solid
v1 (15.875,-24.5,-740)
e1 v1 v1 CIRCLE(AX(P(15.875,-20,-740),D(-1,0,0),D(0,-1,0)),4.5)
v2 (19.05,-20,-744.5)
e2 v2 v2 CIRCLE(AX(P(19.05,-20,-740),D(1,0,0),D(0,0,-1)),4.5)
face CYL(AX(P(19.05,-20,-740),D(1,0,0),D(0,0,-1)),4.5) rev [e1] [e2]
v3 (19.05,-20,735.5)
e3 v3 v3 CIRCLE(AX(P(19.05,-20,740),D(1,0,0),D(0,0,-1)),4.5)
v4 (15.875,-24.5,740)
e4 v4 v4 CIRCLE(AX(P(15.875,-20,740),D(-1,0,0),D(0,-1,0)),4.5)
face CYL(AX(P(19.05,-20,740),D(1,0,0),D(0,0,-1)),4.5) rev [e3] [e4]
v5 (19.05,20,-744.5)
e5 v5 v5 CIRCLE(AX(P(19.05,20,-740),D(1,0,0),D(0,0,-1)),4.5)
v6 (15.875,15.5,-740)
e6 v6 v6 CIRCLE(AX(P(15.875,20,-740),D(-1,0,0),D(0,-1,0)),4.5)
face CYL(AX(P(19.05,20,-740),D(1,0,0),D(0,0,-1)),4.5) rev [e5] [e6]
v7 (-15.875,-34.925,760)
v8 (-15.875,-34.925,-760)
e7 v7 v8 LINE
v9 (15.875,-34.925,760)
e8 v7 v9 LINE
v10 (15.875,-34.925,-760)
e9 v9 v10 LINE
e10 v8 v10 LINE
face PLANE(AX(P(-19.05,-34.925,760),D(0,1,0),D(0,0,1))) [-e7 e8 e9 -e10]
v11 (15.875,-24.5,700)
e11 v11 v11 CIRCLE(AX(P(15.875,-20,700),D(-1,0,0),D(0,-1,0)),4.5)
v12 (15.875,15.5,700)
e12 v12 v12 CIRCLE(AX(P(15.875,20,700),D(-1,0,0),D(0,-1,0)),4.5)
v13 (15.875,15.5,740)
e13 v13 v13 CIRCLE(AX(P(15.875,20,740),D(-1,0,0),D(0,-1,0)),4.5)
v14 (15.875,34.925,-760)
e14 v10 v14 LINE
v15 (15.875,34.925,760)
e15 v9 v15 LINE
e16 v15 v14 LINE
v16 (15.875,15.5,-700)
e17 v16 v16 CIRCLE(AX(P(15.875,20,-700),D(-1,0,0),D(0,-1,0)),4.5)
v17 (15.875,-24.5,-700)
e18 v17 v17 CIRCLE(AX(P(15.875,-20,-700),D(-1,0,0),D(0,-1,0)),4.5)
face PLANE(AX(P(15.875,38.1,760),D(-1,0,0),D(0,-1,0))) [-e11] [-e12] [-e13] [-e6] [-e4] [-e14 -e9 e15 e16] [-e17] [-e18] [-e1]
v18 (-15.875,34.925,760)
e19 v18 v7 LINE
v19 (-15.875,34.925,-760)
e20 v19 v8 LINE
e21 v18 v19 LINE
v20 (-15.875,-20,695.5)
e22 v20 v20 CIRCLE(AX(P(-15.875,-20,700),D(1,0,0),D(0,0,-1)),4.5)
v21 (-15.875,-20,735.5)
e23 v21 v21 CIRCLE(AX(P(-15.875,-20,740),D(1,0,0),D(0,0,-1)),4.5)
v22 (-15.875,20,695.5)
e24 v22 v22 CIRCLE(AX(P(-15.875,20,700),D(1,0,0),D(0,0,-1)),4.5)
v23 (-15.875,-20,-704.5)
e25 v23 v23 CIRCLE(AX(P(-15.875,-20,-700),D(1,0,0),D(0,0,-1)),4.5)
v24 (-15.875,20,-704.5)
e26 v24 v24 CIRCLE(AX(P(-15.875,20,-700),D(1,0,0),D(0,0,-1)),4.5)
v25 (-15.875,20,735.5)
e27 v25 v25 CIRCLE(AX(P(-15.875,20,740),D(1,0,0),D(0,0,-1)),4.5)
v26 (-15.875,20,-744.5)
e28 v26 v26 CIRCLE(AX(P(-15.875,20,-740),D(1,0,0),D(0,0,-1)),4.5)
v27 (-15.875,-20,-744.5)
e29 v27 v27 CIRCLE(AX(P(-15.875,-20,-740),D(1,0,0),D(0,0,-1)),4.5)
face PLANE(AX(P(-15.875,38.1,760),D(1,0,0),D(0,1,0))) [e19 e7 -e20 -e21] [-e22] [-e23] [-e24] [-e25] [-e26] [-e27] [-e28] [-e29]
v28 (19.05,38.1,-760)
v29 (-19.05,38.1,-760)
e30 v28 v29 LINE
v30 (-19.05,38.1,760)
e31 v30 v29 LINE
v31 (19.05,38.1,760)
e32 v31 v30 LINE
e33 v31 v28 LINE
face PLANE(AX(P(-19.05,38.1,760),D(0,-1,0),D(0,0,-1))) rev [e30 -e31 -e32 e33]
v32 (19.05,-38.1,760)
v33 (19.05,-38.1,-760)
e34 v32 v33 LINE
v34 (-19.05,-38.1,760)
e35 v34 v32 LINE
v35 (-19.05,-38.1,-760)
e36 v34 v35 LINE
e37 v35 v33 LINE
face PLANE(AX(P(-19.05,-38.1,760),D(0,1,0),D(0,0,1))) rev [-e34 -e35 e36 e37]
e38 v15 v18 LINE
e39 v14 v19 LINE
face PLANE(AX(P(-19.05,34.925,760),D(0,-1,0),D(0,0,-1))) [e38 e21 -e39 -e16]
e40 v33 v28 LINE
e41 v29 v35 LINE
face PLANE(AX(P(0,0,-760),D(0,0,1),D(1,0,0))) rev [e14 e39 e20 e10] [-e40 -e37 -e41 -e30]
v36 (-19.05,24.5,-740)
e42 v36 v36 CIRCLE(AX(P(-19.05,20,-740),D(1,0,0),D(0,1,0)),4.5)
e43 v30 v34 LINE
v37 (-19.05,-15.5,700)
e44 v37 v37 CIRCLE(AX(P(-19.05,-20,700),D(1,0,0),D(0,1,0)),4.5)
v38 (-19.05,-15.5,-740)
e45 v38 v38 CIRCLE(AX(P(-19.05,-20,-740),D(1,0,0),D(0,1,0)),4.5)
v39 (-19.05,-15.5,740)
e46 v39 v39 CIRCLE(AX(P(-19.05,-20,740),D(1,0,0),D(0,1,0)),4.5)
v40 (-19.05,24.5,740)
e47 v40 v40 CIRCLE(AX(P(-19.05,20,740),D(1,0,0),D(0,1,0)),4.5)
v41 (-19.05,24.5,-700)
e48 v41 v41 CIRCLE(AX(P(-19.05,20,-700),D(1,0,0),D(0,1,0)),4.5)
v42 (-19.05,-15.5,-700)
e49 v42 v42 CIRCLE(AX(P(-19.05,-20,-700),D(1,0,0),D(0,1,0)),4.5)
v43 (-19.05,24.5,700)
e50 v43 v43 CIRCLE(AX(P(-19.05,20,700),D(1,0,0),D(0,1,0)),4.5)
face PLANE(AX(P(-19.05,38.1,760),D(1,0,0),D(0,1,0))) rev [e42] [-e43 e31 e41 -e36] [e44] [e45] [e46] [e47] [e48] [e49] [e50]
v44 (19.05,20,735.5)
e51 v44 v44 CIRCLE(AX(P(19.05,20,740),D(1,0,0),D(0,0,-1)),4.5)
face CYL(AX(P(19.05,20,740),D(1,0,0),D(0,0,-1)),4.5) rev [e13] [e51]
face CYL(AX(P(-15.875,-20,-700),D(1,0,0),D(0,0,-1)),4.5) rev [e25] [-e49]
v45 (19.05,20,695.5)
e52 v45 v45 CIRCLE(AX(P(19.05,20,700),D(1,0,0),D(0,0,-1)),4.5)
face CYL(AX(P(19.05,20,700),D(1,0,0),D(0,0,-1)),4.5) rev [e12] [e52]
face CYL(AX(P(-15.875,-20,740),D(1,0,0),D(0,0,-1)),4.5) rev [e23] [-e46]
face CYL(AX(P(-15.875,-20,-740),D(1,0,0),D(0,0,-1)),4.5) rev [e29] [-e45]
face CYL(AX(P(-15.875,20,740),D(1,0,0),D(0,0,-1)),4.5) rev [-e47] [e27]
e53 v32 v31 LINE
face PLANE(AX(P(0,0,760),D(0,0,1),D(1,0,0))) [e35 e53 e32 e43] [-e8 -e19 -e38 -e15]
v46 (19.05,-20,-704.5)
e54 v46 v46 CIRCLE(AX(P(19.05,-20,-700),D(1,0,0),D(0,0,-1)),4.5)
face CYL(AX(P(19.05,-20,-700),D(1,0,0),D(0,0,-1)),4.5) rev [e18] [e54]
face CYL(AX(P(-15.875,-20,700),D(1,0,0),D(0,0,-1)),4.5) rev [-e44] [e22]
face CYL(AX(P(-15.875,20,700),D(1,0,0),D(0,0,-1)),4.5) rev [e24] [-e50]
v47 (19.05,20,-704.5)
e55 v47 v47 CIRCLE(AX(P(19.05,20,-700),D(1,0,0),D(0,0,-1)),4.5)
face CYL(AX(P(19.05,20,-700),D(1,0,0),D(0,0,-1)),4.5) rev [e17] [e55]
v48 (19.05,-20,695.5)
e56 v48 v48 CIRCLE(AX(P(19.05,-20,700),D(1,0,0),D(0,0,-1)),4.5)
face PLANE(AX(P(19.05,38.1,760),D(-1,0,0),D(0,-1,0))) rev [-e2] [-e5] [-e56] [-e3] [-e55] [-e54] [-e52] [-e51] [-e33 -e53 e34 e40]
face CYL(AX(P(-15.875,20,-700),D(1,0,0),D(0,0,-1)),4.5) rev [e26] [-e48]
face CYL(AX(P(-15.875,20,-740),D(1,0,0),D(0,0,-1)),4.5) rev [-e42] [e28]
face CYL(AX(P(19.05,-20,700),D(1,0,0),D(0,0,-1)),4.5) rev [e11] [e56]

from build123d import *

# Parameters (mm, degrees)
SKETCH1_W                = 38.1
SKETCH1_H                = 76.2
SKETCH1_W_2              = 31.75
SKETCH1_H_2              = 69.85
EXTRUDE_THIN1_DEPTH      = 760
M8_CLEARANCE_HOLE2_D     = 9
M8_CLEARANCE_HOLE2_DEPTH = 3.175
M8_CLEARANCE_HOLE1_D     = 9


with BuildPart() as part:
    # Sketch1 → Extrude-Thin1 (new, symmetric)
    with BuildSketch(Plane.XY):
        Rectangle(SKETCH1_W, SKETCH1_H)
        Rectangle(SKETCH1_W_2, SKETCH1_H_2, mode=Mode.SUBTRACT)
    extrude(amount=EXTRUDE_THIN1_DEPTH, both=True)

    # M8 Clearance Hole2
    with Locations(Plane(origin=(19.05, 0, 0), x_dir=(0, 0, -1), z_dir=(1, 0, 0))):
        with Locations((-740, 20), (-740, -20), (-700, 20), (-700, -20)):
            m8_clearance_hole2 = Hole(M8_CLEARANCE_HOLE2_D / 2, depth=M8_CLEARANCE_HOLE2_DEPTH)

    # M8 Clearance Hole1 (through all)
    with Locations(Plane(origin=(-15.875, 0, 0), x_dir=(0, 0, -1), z_dir=(1, 0, 0))):
        with Locations((-740, 20), (-740, -20), (-700, 20), (-700, -20)):
            m8_clearance_hole1 = Hole(M8_CLEARANCE_HOLE1_D / 2)

    # Mirror1: M8 Clearance Hole2, M8 Clearance Hole1 across plane
    add(m8_clearance_hole2.mirror(Plane.XY), mode=Mode.SUBTRACT)
    add(m8_clearance_hole1.mirror(Plane.XY), mode=Mode.SUBTRACT)


solid = part.part
